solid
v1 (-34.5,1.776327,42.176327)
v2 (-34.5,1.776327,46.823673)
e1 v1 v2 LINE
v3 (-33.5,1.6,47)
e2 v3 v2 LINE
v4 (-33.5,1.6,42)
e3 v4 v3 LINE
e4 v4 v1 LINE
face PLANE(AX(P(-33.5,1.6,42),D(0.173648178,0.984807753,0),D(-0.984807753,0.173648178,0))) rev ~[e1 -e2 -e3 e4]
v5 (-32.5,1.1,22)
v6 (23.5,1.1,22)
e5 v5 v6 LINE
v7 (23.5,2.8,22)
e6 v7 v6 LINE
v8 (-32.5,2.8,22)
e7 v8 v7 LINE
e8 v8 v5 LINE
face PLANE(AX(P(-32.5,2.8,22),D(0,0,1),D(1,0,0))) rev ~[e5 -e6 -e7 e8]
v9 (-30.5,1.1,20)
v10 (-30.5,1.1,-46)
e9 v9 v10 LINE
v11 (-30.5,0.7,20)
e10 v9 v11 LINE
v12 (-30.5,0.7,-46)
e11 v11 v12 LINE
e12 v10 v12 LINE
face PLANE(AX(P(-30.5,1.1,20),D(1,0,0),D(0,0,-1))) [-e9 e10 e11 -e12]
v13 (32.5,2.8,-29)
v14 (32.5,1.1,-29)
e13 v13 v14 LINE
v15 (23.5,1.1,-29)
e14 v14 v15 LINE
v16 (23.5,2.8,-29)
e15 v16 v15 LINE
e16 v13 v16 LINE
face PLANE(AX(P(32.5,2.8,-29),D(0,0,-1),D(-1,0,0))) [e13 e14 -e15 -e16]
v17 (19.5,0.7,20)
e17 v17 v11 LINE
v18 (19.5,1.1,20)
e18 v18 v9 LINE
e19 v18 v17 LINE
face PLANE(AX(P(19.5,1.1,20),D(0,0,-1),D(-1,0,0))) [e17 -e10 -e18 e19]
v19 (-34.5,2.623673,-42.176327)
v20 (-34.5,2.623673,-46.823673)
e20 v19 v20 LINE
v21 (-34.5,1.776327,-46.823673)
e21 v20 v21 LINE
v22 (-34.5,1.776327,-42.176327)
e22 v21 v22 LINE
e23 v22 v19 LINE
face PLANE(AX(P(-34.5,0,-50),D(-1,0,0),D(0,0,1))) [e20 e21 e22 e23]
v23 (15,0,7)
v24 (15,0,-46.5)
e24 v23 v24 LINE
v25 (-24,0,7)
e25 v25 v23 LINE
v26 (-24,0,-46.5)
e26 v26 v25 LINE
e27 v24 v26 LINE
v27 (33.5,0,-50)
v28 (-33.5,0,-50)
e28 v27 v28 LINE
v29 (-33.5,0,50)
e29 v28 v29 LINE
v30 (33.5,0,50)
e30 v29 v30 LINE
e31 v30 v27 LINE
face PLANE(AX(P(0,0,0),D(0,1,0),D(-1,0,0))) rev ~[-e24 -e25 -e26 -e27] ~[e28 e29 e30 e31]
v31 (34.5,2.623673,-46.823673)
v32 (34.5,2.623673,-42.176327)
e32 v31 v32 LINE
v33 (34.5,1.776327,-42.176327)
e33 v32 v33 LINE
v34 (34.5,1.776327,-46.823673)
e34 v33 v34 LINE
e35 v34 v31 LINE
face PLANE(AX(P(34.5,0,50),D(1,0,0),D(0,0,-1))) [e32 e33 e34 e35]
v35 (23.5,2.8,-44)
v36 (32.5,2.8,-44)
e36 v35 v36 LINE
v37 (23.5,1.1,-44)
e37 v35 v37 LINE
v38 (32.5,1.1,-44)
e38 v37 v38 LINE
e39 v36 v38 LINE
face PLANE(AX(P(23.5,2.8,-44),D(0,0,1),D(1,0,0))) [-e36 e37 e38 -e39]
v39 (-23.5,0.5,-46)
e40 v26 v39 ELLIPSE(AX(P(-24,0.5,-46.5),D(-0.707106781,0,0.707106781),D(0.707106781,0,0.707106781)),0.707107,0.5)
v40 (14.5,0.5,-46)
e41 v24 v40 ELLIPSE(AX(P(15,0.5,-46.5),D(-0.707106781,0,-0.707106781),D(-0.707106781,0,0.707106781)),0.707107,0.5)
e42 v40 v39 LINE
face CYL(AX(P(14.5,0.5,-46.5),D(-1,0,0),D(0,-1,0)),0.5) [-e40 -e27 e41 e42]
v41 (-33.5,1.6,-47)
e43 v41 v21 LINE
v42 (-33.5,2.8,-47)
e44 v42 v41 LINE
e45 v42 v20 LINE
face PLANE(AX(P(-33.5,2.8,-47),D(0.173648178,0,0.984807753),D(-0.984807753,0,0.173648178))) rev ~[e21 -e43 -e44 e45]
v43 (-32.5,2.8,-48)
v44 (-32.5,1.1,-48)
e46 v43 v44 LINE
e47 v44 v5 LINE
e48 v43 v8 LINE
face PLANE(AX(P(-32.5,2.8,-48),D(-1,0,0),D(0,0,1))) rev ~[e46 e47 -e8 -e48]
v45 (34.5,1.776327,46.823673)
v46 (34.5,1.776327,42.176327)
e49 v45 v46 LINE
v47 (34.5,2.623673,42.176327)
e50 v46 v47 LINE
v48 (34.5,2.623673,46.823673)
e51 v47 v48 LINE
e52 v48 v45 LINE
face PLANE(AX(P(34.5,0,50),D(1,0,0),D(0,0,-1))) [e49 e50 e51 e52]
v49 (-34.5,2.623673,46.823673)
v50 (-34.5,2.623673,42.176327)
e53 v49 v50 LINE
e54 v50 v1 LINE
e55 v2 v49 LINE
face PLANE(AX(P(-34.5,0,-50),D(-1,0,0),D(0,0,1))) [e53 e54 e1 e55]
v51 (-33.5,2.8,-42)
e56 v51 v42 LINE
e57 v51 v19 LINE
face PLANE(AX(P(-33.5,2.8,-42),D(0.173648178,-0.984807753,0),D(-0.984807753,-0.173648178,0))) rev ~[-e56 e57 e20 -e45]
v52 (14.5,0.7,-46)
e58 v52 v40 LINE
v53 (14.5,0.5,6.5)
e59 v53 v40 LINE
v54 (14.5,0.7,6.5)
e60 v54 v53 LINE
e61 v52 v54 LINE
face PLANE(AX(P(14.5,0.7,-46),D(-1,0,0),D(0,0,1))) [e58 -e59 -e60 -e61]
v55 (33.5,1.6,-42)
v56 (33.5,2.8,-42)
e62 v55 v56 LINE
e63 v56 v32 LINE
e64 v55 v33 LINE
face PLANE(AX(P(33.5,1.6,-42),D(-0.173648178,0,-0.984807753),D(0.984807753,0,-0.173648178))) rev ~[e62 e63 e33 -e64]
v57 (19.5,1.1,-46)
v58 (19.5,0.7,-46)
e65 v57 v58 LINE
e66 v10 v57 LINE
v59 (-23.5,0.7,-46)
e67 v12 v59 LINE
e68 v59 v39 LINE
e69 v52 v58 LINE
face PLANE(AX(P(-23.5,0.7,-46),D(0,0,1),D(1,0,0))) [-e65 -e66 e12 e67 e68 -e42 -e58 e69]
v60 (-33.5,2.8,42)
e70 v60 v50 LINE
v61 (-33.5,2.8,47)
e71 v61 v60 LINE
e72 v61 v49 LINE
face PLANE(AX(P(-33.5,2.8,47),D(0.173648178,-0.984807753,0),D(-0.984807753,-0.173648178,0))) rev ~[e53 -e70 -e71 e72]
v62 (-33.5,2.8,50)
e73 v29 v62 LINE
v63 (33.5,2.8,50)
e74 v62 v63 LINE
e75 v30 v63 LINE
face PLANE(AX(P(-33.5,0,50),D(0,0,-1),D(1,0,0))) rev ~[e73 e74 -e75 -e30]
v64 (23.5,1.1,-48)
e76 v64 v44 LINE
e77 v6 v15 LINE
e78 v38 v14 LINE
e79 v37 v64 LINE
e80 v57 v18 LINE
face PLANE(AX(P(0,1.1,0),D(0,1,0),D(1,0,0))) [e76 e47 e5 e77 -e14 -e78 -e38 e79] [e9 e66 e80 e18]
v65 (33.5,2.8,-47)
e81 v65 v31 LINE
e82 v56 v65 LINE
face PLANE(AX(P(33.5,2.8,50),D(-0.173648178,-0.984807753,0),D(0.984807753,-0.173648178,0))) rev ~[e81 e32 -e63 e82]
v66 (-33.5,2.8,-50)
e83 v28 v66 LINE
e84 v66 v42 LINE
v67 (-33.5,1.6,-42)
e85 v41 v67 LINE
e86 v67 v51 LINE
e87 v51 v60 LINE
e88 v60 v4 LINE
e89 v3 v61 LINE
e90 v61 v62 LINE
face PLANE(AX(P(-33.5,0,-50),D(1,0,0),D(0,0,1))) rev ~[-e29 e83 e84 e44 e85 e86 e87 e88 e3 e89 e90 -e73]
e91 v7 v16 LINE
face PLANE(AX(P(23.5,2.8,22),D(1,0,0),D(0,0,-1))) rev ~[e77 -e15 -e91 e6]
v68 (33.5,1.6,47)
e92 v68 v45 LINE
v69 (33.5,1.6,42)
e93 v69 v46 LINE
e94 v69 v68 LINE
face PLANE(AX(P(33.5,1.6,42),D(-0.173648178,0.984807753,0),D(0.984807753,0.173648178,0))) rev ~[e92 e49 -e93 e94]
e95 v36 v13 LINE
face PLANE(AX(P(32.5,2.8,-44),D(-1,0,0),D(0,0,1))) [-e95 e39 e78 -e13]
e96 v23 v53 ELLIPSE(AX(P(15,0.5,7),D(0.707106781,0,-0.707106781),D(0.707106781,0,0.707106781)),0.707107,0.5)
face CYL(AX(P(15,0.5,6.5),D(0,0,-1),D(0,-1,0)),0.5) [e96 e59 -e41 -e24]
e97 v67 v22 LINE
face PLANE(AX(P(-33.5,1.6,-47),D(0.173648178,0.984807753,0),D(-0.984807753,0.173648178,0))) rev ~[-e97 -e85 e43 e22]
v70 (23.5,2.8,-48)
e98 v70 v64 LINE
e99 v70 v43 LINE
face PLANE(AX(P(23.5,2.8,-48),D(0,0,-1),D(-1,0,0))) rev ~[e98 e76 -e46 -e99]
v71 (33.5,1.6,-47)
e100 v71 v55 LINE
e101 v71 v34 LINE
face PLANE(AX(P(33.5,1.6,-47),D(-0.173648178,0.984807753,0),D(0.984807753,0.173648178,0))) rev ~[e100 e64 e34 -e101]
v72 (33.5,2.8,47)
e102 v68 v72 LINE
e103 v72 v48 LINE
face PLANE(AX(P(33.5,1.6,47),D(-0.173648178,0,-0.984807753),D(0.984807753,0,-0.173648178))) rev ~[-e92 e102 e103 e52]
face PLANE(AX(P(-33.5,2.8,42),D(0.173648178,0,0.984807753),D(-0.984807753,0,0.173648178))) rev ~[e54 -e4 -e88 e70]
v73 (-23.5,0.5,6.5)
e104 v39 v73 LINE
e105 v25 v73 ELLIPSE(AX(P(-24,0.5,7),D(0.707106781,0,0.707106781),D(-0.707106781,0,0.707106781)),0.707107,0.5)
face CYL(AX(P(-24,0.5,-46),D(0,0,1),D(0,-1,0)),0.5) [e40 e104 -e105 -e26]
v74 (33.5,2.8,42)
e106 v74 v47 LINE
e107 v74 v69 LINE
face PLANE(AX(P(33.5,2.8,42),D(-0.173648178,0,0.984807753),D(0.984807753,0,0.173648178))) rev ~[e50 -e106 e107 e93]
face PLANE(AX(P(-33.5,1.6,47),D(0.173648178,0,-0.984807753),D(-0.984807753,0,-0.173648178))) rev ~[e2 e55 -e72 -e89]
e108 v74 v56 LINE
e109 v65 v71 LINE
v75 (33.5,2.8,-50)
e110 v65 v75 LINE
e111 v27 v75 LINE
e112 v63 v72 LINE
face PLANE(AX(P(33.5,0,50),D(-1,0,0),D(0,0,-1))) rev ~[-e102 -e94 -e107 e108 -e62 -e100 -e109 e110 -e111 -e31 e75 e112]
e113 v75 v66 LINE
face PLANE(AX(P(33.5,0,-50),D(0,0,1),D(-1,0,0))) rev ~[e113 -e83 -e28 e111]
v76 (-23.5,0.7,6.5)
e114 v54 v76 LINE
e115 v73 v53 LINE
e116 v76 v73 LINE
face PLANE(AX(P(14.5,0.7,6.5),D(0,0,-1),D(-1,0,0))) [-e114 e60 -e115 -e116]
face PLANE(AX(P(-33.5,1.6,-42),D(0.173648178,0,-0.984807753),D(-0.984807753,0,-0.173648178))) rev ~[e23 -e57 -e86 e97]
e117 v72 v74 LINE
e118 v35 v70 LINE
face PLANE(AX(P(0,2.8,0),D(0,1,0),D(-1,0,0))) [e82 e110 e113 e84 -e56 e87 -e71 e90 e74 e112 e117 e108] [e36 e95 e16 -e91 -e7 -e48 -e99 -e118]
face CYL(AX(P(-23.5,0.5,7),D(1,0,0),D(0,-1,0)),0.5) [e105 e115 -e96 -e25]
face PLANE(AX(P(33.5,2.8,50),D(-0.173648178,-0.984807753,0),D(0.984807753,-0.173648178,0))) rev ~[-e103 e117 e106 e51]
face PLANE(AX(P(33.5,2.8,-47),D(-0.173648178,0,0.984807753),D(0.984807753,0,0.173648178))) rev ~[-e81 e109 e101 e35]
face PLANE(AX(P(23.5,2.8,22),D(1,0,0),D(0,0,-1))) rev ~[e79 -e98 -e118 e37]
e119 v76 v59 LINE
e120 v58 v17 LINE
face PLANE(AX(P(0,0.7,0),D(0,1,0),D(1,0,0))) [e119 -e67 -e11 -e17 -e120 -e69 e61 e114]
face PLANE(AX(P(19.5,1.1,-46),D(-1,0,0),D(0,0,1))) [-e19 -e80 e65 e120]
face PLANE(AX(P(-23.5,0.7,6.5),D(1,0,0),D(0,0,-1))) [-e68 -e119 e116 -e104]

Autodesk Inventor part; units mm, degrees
ref_plane "YZ Plane" through (0, 0, 0) normal (1, 0, 0) x (0, 1, 0)
ref_plane "XZ Plane" through (0, 0, 0) normal (0, 1, 0) x (-1, 0, 0)
ref_plane "XY Plane" through (0, 0, 0) normal (0, 0, 1) x (1, 0, 0)
sketch "Sketch1" plane through (0, 0, 0) normal (0, 1, 0) x (-1, 0, 0)
  line L0 (-33.5, -50) -> (33.5, -50)
  line L1 (33.5, -50) -> (33.5, 50)
  line L2 (33.5, 50) -> (-33.5, 50)
  line L3 (-33.5, 50) -> (-33.5, -50)
  line L4 (-33.5, -50) -> (33.5, 50) construction
  line L5 (33.5, -50) -> (-33.5, 50) construction
  point P0 (0, 0)
  dimension "d0" = 67
  dimension "d1" = 100
extrude "Extrusion1" add sketch "Sketch1" along normal blind 2.8
sketch "Sketch2" plane through (0, 2.8, 0) normal (0, 1, 0) x (1, 0, 0)
  line L0 (33.5, 50) -> (-33.5, 50) projected
  line L1 (-32.5, -22) -> (23.5, -22)
  line L2 (23.5, -22) -> (23.5, 48)
  line L3 (23.5, 48) -> (-32.5, 48)
  line L4 (-32.5, 48) -> (-32.5, -22)
  line L5 (-32.5, -22) -> (23.5, 48) construction
  line L6 (23.5, -22) -> (-32.5, 48) construction
  line L7 (-33.5, 50) -> (-33.5, -50) projected
  point P0 (0, 0)
  point P1 (-4.5, 13)
  point P2 (-4.5, 13)
  dimension "d5" = 56
  dimension "d6" = 70
  dimension "d7" = 2
  dimension "d22" = 1
extrude "Extrusion2" cut sketch "Sketch2" against normal blind 1.7
sketch "Sketch3" plane through (0, 1.1, 0) normal (0, 1, 0) x (1, 0, 0)
  line L0 (23.5, -22) -> (-32.5, -22) projected
  line L1 (23.5, 48) -> (23.5, -22) projected
  line L2 (-32.5, 48) -> (23.5, 48) projected
  line L3 (-32.5, -22) -> (-32.5, 48) projected
  line L4 (-30.5, 46) -> (19.5, 46)
  line L5 (19.5, 46) -> (19.5, -20)
  line L6 (19.5, -20) -> (-30.5, -20)
  line L7 (-30.5, -20) -> (-30.5, 46)
  point P0 (0, 0)
  dimension "d10" = 2
  dimension "d11" = 2
  dimension "d12" = 4
  dimension "d13" = 2
extrude "Extrusion3" cut sketch "Sketch3" against normal blind 0.4 contours L4 L5 L6 L7
sketch "Sketch8" plane through (0, 0.7, 0) normal (0, 1, 0) x (1, 0, 0)
  line L0 (-30.5, 46) -> (19.5, 46) projected
  line L1 (-33.5, 50) -> (-33.5, -50) projected
  line L2 (33.5, 50) -> (-33.5, 50) projected
  line L3 (14.5, -6.5) -> (-23.5, -6.5)
  line L4 (-23.5, -6.5) -> (-23.5, 46)
  line L5 (-23.5, 46) -> (14.5, 46)
  line L6 (14.5, 46) -> (14.5, -6.5)
  point P0 (0, 0)
  dimension "d36" = 10
  dimension "d37" = 4
  dimension "d38" = 38
  dimension "d39" = 52.5
extrude "Extrusion7" cut sketch "Sketch8" against normal up to next
sketch "Sketch4" plane through (0, 2.8, 0) normal (0, 1, 0) x (1, 0, 0)
  line L0 (23.5, 48) -> (23.5, -22) projected
  line L1 (33.5, -50) -> (33.5, 50) projected
  line L2 (23.5, 44) -> (32.5, 44)
  line L3 (32.5, 44) -> (32.5, 29)
  line L4 (32.5, 29) -> (23.5, 29)
  line L5 (23.5, 29) -> (23.5, 44)
  line L6 (-32.5, 48) -> (23.5, 48) projected
  point P0 (0, 0)
  dimension "d18" = 1
  dimension "d21" = 15
  dimension "d33" = 4
extrude "Extrusion4" cut sketch "Sketch4" against normal up to surface (1.7 mm away)
sketch "Sketch6" plane through (33.5, 0, 50) normal (1, 0, 0) x (0, 0, -1)
  line L0 (100, 0) -> (100, 2.8) projected
  line L1 (0, 2.8) -> (100, 2.8) projected
  line L2 (0, 0) -> (0, 2.8) projected
  line L3 (3, 2.8) -> (8, 2.8)
  line L4 (8, 2.8) -> (8, 1.6)
  line L5 (8, 1.6) -> (3, 1.6)
  line L6 (3, 1.6) -> (3, 2.8)
  line L7 (92, 2.8) -> (97, 2.8)
  line L8 (97, 2.8) -> (97, 1.6)
  line L9 (97, 1.6) -> (92, 1.6)
  line L10 (92, 1.6) -> (92, 2.8)
  point P0 (50, 0)
  dimension "d23" = 5
  dimension "d24" = 1.2
  dimension "d25" = 3
  dimension "d26" = 5
  dimension "d27" = 1.2
  dimension "d28" = 3
extrude "Extrusion5" add sketch "Sketch6" along normal blind 1 draft -10
sketch "Sketch7" plane through (-33.5, 0, -50) normal (-1, 0, 0) x (0, 0, 1)
  line L0 (92, 1.6) -> (97, 1.6) projected
  line L1 (97, 1.6) -> (97, 2.8) projected
  line L2 (97, 2.8) -> (92, 2.8) projected
  line L3 (92, 2.8) -> (92, 1.6) projected
  line L4 (3, 2.8) -> (3, 1.6) projected
  line L5 (8, 2.8) -> (3, 2.8) projected
  line L6 (3, 1.6) -> (8, 1.6) projected
  line L7 (8, 1.6) -> (8, 2.8) projected
  point P0 (50, 0)
extrude "Extrusion6" add sketch "Sketch7" along normal blind 1 draft -10
fillet "Fillet1" radius 0.5 4 edges at (-23.5, 0, -19.75) (-4.5, 0, -46) (-4.5, 0, 6.5) (14.5, 0, -19.75)
properties part number "TopTouch"
